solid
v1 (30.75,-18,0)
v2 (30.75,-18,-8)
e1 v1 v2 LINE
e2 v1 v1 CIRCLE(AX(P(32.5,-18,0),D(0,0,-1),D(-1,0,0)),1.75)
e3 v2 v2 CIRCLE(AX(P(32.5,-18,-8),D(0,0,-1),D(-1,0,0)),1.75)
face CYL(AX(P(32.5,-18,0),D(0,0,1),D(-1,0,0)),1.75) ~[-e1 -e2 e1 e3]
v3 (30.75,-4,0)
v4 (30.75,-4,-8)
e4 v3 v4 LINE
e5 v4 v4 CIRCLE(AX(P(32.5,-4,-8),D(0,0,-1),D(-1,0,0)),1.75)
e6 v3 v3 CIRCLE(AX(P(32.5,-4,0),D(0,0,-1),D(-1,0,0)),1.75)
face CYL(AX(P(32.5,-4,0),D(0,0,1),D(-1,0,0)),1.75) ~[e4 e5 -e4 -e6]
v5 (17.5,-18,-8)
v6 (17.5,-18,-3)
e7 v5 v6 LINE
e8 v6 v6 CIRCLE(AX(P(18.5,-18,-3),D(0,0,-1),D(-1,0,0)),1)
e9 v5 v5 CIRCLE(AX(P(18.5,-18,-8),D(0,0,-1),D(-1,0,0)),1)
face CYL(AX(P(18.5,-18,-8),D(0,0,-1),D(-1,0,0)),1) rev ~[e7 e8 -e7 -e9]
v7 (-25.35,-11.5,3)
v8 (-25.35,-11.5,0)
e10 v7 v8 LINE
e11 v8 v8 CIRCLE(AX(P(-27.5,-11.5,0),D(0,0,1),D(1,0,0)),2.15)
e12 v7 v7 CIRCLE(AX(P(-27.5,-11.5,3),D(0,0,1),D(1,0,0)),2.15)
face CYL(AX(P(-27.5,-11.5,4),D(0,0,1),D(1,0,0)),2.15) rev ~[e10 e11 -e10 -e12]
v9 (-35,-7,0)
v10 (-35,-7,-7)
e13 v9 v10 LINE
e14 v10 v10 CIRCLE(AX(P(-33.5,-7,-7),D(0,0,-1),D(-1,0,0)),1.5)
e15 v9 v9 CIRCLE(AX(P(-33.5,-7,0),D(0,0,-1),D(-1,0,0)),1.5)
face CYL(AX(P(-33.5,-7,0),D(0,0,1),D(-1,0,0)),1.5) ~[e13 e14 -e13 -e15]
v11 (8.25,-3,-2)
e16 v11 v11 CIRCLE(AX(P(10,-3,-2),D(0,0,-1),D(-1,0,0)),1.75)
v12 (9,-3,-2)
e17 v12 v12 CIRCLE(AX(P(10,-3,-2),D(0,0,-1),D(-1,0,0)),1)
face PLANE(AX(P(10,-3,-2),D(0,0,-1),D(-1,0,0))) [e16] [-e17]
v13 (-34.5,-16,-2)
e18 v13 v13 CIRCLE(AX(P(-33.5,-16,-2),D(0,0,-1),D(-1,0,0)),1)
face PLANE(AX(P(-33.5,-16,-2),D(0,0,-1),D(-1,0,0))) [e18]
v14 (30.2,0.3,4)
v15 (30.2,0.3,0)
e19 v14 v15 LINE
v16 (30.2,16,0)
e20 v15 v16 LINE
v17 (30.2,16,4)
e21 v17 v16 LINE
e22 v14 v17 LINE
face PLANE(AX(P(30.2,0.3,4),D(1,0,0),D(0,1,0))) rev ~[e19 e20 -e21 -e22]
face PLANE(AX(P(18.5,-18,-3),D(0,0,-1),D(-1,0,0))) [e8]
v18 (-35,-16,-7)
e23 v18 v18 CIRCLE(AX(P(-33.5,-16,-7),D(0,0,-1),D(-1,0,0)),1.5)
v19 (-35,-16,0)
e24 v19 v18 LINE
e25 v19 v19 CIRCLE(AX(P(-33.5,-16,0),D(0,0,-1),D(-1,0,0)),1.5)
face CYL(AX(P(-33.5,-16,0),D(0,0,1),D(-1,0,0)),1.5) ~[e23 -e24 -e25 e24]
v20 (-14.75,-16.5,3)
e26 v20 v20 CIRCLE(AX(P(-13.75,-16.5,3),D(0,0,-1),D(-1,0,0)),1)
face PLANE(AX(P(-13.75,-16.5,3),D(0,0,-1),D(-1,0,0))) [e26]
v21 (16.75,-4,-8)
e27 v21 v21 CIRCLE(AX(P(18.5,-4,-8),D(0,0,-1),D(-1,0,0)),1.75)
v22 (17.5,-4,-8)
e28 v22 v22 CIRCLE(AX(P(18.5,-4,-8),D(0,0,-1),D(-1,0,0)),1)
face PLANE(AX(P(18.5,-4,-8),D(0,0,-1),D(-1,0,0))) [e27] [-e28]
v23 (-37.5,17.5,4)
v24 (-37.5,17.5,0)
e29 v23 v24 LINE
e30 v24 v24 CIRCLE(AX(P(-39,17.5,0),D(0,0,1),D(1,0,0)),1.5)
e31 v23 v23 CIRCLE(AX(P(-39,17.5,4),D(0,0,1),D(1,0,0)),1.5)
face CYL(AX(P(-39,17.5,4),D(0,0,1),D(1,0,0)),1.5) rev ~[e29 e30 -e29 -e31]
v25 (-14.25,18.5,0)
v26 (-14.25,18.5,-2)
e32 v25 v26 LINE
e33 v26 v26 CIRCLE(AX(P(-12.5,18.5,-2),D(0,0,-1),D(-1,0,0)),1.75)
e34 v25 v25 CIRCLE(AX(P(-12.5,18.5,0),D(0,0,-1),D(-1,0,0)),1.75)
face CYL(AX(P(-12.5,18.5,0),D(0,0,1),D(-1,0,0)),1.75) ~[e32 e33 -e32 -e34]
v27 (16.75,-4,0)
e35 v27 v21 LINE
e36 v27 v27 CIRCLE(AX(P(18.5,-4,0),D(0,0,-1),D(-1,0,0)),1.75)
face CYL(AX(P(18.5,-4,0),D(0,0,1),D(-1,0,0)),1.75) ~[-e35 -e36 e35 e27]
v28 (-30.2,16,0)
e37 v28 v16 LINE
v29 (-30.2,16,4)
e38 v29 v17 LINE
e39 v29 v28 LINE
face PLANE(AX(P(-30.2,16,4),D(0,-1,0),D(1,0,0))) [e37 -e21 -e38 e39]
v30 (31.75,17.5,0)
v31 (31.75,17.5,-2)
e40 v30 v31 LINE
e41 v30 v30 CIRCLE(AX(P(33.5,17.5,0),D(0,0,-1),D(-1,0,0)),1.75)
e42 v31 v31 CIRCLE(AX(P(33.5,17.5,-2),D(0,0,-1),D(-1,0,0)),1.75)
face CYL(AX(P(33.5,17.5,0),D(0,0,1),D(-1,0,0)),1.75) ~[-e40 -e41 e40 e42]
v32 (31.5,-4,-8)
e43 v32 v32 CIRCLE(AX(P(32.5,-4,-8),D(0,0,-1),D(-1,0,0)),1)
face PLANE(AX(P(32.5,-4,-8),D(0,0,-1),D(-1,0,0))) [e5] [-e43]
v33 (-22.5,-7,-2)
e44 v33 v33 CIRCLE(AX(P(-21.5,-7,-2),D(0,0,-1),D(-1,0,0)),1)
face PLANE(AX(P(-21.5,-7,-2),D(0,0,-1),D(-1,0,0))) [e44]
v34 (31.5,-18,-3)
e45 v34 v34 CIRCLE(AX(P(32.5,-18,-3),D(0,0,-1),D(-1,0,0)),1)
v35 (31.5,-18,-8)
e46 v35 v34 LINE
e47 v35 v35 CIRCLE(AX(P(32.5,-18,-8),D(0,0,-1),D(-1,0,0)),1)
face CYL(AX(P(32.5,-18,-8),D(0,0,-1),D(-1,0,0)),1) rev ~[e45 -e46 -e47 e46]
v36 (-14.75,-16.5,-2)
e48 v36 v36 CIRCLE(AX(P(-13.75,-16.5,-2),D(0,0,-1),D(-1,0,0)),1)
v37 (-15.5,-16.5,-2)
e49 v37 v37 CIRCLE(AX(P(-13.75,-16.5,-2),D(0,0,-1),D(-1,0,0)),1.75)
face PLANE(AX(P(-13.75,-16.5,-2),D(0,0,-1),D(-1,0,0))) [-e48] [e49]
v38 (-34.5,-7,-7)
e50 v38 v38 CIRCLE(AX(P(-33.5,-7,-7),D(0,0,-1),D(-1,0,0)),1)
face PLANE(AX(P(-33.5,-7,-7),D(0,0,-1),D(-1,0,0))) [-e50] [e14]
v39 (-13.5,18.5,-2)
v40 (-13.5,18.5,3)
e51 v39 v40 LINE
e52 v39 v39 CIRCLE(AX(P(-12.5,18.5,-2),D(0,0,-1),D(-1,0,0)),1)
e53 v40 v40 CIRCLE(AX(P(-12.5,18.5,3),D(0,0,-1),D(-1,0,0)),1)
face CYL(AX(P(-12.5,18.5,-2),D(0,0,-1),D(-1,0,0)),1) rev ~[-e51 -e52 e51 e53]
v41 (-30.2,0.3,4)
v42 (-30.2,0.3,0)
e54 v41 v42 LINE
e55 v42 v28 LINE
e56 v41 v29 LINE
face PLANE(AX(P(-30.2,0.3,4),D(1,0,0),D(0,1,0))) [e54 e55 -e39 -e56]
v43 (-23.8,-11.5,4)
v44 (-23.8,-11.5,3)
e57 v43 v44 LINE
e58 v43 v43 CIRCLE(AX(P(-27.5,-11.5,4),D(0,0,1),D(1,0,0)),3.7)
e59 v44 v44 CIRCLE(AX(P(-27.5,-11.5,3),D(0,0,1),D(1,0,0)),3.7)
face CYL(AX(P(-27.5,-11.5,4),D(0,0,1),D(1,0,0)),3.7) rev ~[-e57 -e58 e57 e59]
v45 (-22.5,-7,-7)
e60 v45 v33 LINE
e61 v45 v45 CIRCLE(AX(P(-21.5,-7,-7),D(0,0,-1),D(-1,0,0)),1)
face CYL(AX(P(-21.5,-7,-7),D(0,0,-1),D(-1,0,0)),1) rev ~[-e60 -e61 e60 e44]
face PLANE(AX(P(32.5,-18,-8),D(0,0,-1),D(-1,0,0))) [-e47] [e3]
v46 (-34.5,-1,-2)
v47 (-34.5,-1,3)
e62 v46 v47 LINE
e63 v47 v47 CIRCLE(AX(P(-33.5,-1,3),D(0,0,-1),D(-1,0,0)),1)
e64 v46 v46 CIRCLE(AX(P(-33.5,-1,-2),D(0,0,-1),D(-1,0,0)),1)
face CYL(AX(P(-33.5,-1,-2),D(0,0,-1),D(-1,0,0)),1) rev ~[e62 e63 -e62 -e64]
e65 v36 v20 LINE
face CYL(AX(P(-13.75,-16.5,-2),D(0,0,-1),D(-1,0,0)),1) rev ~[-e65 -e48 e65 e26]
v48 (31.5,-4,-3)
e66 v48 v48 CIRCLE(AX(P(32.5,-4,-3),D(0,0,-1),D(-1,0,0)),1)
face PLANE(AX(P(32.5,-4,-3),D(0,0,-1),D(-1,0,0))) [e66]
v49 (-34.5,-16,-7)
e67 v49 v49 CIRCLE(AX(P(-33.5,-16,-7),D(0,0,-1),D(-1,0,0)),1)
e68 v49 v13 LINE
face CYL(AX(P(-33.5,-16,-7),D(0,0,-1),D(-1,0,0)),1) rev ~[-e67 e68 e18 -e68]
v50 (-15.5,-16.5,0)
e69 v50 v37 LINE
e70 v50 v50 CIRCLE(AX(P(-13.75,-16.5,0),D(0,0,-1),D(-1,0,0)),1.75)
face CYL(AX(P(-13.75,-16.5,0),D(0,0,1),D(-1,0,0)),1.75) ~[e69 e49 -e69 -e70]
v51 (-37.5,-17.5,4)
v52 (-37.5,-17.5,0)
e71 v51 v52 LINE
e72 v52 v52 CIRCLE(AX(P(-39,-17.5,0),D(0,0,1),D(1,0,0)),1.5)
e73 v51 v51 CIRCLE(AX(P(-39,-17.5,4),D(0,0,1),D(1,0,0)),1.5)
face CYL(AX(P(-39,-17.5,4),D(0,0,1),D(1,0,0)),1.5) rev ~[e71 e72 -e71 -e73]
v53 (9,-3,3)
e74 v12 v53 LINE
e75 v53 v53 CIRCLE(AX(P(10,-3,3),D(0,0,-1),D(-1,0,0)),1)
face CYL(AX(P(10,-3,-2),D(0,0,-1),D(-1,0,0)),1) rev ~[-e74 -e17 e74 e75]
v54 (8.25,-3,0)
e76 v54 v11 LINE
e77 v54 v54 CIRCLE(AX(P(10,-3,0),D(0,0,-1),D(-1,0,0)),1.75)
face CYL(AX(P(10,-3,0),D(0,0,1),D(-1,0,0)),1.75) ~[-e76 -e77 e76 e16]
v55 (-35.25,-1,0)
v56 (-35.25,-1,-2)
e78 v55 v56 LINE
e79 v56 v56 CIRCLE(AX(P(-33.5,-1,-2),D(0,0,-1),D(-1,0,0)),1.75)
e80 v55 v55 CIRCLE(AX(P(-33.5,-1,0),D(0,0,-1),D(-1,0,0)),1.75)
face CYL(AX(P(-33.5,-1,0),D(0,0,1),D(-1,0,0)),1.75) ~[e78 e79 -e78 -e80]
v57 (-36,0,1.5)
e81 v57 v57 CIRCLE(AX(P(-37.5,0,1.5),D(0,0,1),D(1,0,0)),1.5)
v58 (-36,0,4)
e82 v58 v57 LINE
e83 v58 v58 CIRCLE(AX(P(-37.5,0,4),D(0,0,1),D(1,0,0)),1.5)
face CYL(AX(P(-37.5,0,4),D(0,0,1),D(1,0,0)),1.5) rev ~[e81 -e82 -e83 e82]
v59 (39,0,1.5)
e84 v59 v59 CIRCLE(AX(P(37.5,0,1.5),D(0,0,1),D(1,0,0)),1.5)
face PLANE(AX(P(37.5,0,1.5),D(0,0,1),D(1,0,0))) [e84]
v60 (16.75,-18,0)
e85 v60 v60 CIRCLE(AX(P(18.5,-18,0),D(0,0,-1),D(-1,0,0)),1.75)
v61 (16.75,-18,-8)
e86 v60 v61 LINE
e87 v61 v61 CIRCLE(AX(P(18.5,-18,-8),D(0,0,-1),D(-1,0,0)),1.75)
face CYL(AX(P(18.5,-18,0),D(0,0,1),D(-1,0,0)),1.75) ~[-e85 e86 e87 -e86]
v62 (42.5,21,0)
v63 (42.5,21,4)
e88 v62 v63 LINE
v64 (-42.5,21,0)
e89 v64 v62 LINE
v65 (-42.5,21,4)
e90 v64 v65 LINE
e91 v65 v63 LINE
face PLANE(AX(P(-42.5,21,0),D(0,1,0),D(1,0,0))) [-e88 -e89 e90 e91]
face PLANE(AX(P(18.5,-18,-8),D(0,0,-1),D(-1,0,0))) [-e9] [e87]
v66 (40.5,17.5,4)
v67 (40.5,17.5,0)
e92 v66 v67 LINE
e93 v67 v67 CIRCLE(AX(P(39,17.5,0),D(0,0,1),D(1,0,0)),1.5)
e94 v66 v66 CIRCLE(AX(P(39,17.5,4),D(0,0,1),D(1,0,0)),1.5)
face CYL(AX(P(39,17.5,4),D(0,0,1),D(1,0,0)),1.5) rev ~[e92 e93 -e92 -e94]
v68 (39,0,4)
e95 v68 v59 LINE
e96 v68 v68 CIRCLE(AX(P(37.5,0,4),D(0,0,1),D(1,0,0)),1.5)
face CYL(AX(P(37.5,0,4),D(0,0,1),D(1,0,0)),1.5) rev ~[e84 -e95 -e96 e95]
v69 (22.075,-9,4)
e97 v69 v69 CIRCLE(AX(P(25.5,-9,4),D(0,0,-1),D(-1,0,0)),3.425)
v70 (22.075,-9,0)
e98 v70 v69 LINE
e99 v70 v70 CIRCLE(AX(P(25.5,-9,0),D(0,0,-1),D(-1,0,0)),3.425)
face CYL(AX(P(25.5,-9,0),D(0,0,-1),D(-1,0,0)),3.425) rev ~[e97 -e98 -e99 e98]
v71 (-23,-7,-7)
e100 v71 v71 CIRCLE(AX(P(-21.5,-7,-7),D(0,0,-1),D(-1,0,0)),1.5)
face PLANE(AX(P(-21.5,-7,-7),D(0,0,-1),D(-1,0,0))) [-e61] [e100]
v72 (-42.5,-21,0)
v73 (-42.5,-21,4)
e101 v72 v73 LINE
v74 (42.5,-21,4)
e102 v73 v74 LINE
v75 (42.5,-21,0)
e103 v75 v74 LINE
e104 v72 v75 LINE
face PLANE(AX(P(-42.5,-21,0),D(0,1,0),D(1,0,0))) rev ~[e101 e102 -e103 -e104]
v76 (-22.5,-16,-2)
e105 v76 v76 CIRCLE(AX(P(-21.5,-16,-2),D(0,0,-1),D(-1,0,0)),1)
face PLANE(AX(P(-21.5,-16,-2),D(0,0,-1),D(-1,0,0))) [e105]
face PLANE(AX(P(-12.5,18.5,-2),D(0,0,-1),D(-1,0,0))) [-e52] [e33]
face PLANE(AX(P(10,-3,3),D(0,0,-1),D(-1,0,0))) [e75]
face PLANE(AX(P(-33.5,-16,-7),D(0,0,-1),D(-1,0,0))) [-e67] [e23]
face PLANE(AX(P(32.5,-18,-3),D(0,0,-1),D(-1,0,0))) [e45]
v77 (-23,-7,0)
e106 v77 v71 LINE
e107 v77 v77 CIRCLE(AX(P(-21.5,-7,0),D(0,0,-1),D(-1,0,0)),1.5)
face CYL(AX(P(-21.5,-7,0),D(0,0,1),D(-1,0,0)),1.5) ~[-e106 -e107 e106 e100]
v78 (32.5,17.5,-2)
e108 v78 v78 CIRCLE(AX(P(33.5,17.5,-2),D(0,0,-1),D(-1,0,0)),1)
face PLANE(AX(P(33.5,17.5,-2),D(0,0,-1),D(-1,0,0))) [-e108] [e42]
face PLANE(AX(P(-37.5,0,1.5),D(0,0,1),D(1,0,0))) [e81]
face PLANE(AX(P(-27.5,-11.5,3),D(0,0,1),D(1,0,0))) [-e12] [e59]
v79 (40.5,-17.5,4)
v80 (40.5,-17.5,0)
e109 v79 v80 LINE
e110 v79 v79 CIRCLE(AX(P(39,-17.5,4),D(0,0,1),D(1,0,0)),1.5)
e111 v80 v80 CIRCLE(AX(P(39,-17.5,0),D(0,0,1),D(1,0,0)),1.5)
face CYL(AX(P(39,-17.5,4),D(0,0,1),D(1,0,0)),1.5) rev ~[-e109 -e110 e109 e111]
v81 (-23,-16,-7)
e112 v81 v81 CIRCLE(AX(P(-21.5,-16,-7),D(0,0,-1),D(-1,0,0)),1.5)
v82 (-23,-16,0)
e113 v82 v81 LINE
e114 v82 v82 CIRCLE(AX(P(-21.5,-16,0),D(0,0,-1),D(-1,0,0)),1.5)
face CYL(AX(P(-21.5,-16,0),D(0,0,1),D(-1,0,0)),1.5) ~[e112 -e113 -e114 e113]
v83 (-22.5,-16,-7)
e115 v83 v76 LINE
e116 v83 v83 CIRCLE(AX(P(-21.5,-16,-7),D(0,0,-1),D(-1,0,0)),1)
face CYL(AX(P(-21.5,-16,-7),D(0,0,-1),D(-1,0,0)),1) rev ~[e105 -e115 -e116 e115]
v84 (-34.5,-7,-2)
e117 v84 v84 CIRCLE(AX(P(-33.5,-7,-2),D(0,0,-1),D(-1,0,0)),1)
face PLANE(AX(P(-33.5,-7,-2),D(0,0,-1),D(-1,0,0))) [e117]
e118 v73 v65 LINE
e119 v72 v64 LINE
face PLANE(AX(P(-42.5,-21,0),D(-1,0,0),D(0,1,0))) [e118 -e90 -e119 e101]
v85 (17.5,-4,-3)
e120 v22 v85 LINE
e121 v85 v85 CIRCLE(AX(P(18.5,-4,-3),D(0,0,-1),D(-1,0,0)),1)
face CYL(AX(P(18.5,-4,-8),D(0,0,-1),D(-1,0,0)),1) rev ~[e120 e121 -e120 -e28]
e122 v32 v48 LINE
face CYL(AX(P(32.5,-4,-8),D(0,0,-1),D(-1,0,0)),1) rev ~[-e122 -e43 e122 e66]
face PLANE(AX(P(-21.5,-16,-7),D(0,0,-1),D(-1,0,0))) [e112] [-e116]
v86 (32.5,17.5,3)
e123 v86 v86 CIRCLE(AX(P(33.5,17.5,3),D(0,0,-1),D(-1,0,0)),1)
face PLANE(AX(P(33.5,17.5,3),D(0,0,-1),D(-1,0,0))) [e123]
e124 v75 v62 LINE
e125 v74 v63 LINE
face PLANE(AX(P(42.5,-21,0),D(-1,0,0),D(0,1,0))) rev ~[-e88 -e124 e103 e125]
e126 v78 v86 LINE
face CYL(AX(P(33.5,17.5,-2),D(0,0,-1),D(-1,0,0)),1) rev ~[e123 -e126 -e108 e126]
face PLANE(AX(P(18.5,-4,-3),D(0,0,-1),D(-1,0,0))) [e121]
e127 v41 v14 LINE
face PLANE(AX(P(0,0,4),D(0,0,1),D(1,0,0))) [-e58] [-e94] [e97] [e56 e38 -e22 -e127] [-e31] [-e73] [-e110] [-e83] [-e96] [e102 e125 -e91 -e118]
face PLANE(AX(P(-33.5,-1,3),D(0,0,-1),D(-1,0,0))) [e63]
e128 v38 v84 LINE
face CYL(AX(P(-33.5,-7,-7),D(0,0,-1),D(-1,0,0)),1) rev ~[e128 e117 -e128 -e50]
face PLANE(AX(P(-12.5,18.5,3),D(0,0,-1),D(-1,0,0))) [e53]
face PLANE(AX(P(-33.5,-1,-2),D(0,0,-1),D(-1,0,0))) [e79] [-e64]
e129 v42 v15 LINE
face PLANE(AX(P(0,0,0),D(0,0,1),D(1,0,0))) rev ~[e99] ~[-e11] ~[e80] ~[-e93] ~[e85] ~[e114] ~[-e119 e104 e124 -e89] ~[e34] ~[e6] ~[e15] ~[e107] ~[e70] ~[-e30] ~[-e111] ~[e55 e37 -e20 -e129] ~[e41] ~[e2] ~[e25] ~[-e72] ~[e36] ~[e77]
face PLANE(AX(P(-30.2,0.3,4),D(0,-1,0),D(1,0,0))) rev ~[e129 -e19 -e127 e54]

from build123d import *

# Parameters (mm, degrees)
SKETCH1_W                           = 85
SKETCH1_H                           = 42
BOTTOM_PLATE_DEPTH                  = 4
SKETCH2_R                           = 1.5
BOTTOM_PLATE_SCREW_HOLES_DEPTH      = 1
BOTTOM_PLATE_SCREW_HOLES_DEPTH_BACK = 5
SKETCH15_R                          = 1.5
TOP_PLATE_SCREWS_HOLES_DEPTH        = 1
TOP_PLATE_SCREWS_HOLES_DEPTH_BACK   = 2.5
SKETCH5_W                           = 60.4
SKETCH5_H                           = 15.7
LED_DEPTH                           = 1
LED_DEPTH_BACK                      = 5
SKETCH16_R                          = 1.75
LED_BOARD_SUPPORT_DEPTH             = 2
SKETCH17_R                          = 1
LED_BOARD_SCREWS_HOLES_DEPTH        = 5
SKETCH6_R                           = 2.15
TESTBUTTON_CUT_DEPTH                = 1
TESTBUTTON_CUT_DEPTH_BACK           = 7
SKETCH10_R                          = 3.7
TESTBUTTON_BIG_CUT_DEPTH            = 1
SKETCH13_R                          = 1.5
TEST_BOARD_SUPPORT_DEPTH            = 7
SKETCH14_R                          = 1
TEST_BOARD_SCREWS_HOLE_DEPTH        = 5
SKETCH9_R                           = 3.425
BRT_ADD_DEPTH                       = 6
SKETCH11_R                          = 1.75
POT_BOARD_SUPPORT_DEPTH             = 8
SKETCH12_R                          = 1
POT_BOARD_SCREWS_HOLE_DEPTH         = 5


with BuildPart() as part:
    # Sketch1 → Bottom Plate (new body)
    with BuildSketch(Plane.XY):
        Rectangle(SKETCH1_W, SKETCH1_H)
    extrude(amount=BOTTOM_PLATE_DEPTH)

    # Sketch2 → Bottom Plate Screw Holes (cut, two sides)
    with BuildSketch(Plane.XY.offset(4)) as bottom_plate_screw_holes_sk:
        with Locations((-39, 17.5)):
            Circle(SKETCH2_R)
        with Locations((-39, -17.5)):
            Circle(SKETCH2_R)
        with Locations((39, -17.5)):
            Circle(SKETCH2_R)
        with Locations((39, 17.5)):
            Circle(SKETCH2_R)
    extrude(amount=BOTTOM_PLATE_SCREW_HOLES_DEPTH, mode=Mode.SUBTRACT)
    extrude(bottom_plate_screw_holes_sk.sketch, amount=-BOTTOM_PLATE_SCREW_HOLES_DEPTH_BACK, mode=Mode.SUBTRACT)

    # Sketch15 → Top Plate Screws Holes (cut, two sides)
    with BuildSketch(Plane.XY.offset(4)) as top_plate_screws_holes_sk:
        with Locations((-37.5, 0)):
            Circle(SKETCH15_R)
        with Locations((37.5, 0)):
            Circle(SKETCH15_R)
    extrude(amount=TOP_PLATE_SCREWS_HOLES_DEPTH, mode=Mode.SUBTRACT)
    extrude(top_plate_screws_holes_sk.sketch, amount=-TOP_PLATE_SCREWS_HOLES_DEPTH_BACK, mode=Mode.SUBTRACT)

    # Sketch5 → LED (cut, two sides)
    with BuildSketch(Plane.XY.offset(4)) as led_sk:
        with Locations((0, 8.15)):
            Rectangle(SKETCH5_W, SKETCH5_H)
    extrude(amount=LED_DEPTH, mode=Mode.SUBTRACT)
    extrude(led_sk.sketch, amount=-LED_DEPTH_BACK, mode=Mode.SUBTRACT)

    # Sketch16 → LED Board Support (add)
    with BuildSketch(Plane(origin=(0, 0, 0), x_dir=(-1, 0, 0), z_dir=(0, 0, -1))):
        with Locations((-33.5, 17.5)):
            Circle(SKETCH16_R)
        with Locations((-10, -3)):
            Circle(SKETCH16_R)
        with Locations((33.5, -1)):
            Circle(SKETCH16_R)
        with Locations((12.5, 18.5)):
            Circle(SKETCH16_R)
        with Locations((13.75, -16.5)):
            Circle(SKETCH16_R)
    extrude(amount=LED_BOARD_SUPPORT_DEPTH)

    # Sketch17 → Led Board Screws Holes (cut)
    with BuildSketch(Plane(origin=(0, 0, -2), x_dir=(-1, 0, 0), z_dir=(0, 0, -1))):
        with Locations((-33.5, 17.5)):
            Circle(SKETCH17_R)
        with Locations((-10, -3)):
            Circle(SKETCH17_R)
        with Locations((12.5, 18.5)):
            Circle(SKETCH17_R)
        with Locations((33.5, -1)):
            Circle(SKETCH17_R)
        with Locations((13.75, -16.5)):
            Circle(SKETCH17_R)
    extrude(amount=-LED_BOARD_SCREWS_HOLES_DEPTH, mode=Mode.SUBTRACT)

    # Sketch6 → TestButton Cut (cut, two sides)
    with BuildSketch(Plane.XY.offset(4)) as testbutton_cut_sk:
        with Locations((-27.5, -11.5)):
            Circle(SKETCH6_R)
    extrude(amount=TESTBUTTON_CUT_DEPTH, mode=Mode.SUBTRACT)
    extrude(testbutton_cut_sk.sketch, amount=-TESTBUTTON_CUT_DEPTH_BACK, mode=Mode.SUBTRACT)

    # Sketch10 → TestButton Big Cut (cut)
    with BuildSketch(Plane.XY.offset(4)):
        with Locations((-27.5, -11.5)):
            Circle(SKETCH10_R)
    extrude(amount=-TESTBUTTON_BIG_CUT_DEPTH, mode=Mode.SUBTRACT)

    # Sketch13 → Test Board Support (add)
    with BuildSketch(Plane(origin=(0, 0, 0), x_dir=(-1, 0, 0), z_dir=(0, 0, -1))):
        with Locations((21.5, -7)):
            Circle(SKETCH13_R)
        with Locations((33.5, -7)):
            Circle(SKETCH13_R)
        with Locations((33.5, -16)):
            Circle(SKETCH13_R)
        with Locations((21.5, -16)):
            Circle(SKETCH13_R)
    extrude(amount=TEST_BOARD_SUPPORT_DEPTH)

    # Sketch14 → Test Board Screws Hole (cut)
    with BuildSketch(Plane(origin=(0, 0, -7), x_dir=(-1, 0, 0), z_dir=(0, 0, -1))):
        with Locations((21.5, -16)):
            Circle(SKETCH14_R)
        with Locations((21.5, -7)):
            Circle(SKETCH14_R)
        with Locations((33.5, -7)):
            Circle(SKETCH14_R)
        with Locations((33.5, -16)):
            Circle(SKETCH14_R)
    extrude(amount=-TEST_BOARD_SCREWS_HOLE_DEPTH, mode=Mode.SUBTRACT)

    # Sketch9 → Brt Add (cut)
    with BuildSketch(Plane(origin=(0, 0, 0), x_dir=(-1, 0, 0), z_dir=(0, 0, -1))):
        with Locations((-25.5, -9)):
            Circle(SKETCH9_R)
    extrude(amount=-BRT_ADD_DEPTH, mode=Mode.SUBTRACT)

    # Sketch11 → Pot Board Support (add)
    with BuildSketch(Plane(origin=(0, 0, 0), x_dir=(-1, 0, 0), z_dir=(0, 0, -1))):
        with Locations((-32.5, -4)):
            Circle(SKETCH11_R)
        with Locations((-18.5, -4)):
            Circle(SKETCH11_R)
        with Locations((-18.5, -18)):
            Circle(SKETCH11_R)
        with Locations((-32.5, -18)):
            Circle(SKETCH11_R)
    extrude(amount=POT_BOARD_SUPPORT_DEPTH)

    # Sketch12 → Pot Board Screws Hole (cut)
    with BuildSketch(Plane(origin=(0, 0, -8), x_dir=(-1, 0, 0), z_dir=(0, 0, -1))):
        with Locations((-32.5, -4)):
            Circle(SKETCH12_R)
        with Locations((-18.5, -4)):
            Circle(SKETCH12_R)
        with Locations((-18.5, -18)):
            Circle(SKETCH12_R)
        with Locations((-32.5, -18)):
            Circle(SKETCH12_R)
    extrude(amount=-POT_BOARD_SCREWS_HOLE_DEPTH, mode=Mode.SUBTRACT)


solid = part.part
